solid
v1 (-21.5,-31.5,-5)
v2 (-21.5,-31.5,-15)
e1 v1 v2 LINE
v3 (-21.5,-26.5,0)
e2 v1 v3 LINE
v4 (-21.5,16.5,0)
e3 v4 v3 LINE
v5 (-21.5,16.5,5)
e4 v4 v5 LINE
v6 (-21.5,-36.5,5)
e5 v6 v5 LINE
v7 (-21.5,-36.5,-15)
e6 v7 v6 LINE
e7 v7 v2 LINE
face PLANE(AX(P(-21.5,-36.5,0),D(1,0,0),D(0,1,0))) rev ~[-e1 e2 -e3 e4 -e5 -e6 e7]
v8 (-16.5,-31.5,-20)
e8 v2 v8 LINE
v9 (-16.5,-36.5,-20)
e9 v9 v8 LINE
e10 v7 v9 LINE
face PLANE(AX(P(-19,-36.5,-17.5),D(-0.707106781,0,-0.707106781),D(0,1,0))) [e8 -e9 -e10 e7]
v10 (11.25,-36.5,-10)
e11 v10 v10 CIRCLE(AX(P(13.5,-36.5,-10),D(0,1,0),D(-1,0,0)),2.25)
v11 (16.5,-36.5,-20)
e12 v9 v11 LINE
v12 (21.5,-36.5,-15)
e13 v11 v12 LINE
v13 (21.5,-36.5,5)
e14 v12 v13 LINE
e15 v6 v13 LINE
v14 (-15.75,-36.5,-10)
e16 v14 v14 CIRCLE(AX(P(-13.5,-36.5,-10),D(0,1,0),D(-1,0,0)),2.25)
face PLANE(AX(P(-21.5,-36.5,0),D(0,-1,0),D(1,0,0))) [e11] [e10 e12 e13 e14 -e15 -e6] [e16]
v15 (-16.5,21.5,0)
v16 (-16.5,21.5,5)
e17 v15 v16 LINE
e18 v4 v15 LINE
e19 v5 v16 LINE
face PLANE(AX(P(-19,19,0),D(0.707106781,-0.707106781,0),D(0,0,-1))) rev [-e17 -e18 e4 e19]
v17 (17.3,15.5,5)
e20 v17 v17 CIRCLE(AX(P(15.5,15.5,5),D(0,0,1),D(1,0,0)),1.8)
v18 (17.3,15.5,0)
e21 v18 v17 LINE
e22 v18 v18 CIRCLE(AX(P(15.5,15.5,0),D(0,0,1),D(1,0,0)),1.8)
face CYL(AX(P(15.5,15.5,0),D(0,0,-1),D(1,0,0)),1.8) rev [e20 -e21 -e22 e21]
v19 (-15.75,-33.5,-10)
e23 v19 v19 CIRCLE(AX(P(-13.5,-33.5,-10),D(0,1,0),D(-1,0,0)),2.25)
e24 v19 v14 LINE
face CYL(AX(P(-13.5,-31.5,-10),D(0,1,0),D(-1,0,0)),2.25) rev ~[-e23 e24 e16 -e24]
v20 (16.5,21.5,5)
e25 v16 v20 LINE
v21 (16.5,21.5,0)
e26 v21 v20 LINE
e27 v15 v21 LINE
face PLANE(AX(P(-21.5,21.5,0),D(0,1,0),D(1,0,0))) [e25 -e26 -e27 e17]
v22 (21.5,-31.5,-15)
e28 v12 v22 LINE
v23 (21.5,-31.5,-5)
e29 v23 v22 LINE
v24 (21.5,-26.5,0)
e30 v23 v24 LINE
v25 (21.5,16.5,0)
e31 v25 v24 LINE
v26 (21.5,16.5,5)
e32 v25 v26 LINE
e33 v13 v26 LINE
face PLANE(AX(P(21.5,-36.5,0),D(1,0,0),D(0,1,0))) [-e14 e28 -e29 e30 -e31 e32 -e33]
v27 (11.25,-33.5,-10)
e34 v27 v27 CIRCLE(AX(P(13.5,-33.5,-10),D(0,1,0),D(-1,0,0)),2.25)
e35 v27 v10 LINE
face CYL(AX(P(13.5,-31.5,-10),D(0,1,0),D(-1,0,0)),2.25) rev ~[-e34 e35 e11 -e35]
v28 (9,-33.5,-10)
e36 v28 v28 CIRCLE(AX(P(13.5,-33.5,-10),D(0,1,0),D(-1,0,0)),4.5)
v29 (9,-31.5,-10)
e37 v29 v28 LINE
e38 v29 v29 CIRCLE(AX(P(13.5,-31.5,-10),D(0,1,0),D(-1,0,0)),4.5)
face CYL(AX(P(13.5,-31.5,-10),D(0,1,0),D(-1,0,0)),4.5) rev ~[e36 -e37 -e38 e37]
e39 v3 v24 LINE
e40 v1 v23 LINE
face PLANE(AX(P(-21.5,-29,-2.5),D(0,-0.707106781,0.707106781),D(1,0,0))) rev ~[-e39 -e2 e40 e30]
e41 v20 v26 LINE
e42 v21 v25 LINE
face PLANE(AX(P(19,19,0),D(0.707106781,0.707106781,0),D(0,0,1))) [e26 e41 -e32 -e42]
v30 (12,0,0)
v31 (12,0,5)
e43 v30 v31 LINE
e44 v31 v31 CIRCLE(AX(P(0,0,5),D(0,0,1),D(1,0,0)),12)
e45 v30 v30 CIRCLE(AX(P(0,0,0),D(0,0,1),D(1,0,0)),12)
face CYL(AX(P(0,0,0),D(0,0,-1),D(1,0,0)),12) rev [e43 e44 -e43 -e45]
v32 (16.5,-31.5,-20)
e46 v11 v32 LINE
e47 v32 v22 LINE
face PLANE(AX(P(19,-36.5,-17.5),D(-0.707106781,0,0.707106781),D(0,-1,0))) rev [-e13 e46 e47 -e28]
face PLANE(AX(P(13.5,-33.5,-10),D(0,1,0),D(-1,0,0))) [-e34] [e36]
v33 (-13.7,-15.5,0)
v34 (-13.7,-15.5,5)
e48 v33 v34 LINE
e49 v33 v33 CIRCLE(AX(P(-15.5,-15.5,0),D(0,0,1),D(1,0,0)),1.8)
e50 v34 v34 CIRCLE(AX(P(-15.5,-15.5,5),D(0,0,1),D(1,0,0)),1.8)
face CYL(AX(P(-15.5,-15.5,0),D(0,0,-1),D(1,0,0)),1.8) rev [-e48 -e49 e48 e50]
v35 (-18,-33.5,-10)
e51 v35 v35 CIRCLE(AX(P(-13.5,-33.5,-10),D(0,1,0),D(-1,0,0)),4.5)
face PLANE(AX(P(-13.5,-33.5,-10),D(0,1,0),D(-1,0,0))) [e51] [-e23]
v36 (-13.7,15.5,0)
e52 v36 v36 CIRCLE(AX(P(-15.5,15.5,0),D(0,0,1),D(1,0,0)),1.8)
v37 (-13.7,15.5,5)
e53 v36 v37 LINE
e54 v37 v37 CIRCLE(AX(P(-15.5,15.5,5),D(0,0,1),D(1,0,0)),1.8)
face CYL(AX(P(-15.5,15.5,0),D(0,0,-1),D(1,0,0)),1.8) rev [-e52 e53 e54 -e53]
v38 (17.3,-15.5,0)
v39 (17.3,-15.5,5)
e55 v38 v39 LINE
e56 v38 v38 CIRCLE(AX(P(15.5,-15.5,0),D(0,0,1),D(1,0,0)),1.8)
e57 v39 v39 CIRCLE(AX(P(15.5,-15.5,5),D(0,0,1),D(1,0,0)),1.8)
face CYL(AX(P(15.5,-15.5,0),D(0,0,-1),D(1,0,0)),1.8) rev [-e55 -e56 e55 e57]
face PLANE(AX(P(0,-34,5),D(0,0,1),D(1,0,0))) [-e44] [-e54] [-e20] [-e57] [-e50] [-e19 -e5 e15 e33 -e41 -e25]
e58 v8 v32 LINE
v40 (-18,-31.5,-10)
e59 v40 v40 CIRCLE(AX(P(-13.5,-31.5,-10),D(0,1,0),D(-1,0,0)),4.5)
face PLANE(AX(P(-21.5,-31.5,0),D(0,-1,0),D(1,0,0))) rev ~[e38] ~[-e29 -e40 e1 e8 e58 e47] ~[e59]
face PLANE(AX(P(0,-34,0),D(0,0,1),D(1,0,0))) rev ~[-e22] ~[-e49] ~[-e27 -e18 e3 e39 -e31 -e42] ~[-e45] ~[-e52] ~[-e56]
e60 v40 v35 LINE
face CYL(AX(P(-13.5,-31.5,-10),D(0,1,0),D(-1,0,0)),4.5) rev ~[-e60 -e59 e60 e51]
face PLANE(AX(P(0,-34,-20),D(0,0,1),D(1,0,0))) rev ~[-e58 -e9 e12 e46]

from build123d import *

# Parameters (mm, degrees)
F0_W          = 43
F0_H          = 43
F0_R          = 1.8
F0_R_2        = 12
F0_H_2        = 10
F1_DEPTH      = 5
F0_H_3        = 5
F2_DEPTH      = 5
F2_DEPTH_BACK = 20
F3_R          = 2.25
F4_DEPTH      = 5
F3_R_2        = 4.5
F5_DEPTH      = 2
F6_SIZE       = 5


with BuildPart() as f1:
    # F0 (on Top) → F1 (new body)
    with BuildSketch(Plane.XY):
        Rectangle(F0_W, F0_H)
        with Locations((-15.5, -15.5)):
            Circle(F0_R, mode=Mode.SUBTRACT)
        with Locations((15.5, -15.5)):
            Circle(F0_R, mode=Mode.SUBTRACT)
        with Locations((-15.5, 15.5)):
            Circle(F0_R, mode=Mode.SUBTRACT)
        Circle(F0_R_2, mode=Mode.SUBTRACT)
        with Locations((15.5, 15.5)):
            Circle(F0_R, mode=Mode.SUBTRACT)
        with Locations((0, -26.5)):
            Rectangle(F0_W, F0_H_2)
    extrude(amount=F1_DEPTH)

    # F0 (on Top) → F2 (join, two sides)
    with BuildSketch(Plane.XY) as f2_sk:
        with Locations((0, -34)):
            Rectangle(F0_W, F0_H_3)
    extrude(amount=F2_DEPTH)
    extrude(f2_sk.sketch, amount=-F2_DEPTH_BACK)

    # F3 (on face) → F4 (cut, through all)
    with BuildSketch(Plane(origin=(0, -31.5, 0), x_dir=(-1, 0, 0), z_dir=(0, 1, 0))):
        with Locations((-13.5, -10)):
            Circle(F3_R)
        with Locations((13.5, -10)):
            Circle(F3_R)
    extrude(amount=-F4_DEPTH, mode=Mode.SUBTRACT)

    # F3 (on face) → F5 (cut)
    with BuildSketch(Plane(origin=(0, -31.5, 0), x_dir=(-1, 0, 0), z_dir=(0, 1, 0))):
        with Locations((-13.5, -10)):
            Circle(F3_R_2)
        with Locations((-13.5, -10)):
            Circle(F3_R, mode=Mode.SUBTRACT)
        with Locations((13.5, -10)):
            Circle(F3_R_2)
        with Locations((13.5, -10)):
            Circle(F3_R, mode=Mode.SUBTRACT)
    extrude(amount=-F5_DEPTH, mode=Mode.SUBTRACT)

    # F6
    f6_edges = [f1.edges().sort_by_distance(p)[0] for p in [
        (-21.5, 21.5, 2.5),
        (21.5, 21.5, 2.5),
        (-21.5, -34, -20),
        (21.5, -34, -20),
        (0, -31.5, 0),
    ]]
    chamfer(f6_edges, length=F6_SIZE)


solid = f1.part
